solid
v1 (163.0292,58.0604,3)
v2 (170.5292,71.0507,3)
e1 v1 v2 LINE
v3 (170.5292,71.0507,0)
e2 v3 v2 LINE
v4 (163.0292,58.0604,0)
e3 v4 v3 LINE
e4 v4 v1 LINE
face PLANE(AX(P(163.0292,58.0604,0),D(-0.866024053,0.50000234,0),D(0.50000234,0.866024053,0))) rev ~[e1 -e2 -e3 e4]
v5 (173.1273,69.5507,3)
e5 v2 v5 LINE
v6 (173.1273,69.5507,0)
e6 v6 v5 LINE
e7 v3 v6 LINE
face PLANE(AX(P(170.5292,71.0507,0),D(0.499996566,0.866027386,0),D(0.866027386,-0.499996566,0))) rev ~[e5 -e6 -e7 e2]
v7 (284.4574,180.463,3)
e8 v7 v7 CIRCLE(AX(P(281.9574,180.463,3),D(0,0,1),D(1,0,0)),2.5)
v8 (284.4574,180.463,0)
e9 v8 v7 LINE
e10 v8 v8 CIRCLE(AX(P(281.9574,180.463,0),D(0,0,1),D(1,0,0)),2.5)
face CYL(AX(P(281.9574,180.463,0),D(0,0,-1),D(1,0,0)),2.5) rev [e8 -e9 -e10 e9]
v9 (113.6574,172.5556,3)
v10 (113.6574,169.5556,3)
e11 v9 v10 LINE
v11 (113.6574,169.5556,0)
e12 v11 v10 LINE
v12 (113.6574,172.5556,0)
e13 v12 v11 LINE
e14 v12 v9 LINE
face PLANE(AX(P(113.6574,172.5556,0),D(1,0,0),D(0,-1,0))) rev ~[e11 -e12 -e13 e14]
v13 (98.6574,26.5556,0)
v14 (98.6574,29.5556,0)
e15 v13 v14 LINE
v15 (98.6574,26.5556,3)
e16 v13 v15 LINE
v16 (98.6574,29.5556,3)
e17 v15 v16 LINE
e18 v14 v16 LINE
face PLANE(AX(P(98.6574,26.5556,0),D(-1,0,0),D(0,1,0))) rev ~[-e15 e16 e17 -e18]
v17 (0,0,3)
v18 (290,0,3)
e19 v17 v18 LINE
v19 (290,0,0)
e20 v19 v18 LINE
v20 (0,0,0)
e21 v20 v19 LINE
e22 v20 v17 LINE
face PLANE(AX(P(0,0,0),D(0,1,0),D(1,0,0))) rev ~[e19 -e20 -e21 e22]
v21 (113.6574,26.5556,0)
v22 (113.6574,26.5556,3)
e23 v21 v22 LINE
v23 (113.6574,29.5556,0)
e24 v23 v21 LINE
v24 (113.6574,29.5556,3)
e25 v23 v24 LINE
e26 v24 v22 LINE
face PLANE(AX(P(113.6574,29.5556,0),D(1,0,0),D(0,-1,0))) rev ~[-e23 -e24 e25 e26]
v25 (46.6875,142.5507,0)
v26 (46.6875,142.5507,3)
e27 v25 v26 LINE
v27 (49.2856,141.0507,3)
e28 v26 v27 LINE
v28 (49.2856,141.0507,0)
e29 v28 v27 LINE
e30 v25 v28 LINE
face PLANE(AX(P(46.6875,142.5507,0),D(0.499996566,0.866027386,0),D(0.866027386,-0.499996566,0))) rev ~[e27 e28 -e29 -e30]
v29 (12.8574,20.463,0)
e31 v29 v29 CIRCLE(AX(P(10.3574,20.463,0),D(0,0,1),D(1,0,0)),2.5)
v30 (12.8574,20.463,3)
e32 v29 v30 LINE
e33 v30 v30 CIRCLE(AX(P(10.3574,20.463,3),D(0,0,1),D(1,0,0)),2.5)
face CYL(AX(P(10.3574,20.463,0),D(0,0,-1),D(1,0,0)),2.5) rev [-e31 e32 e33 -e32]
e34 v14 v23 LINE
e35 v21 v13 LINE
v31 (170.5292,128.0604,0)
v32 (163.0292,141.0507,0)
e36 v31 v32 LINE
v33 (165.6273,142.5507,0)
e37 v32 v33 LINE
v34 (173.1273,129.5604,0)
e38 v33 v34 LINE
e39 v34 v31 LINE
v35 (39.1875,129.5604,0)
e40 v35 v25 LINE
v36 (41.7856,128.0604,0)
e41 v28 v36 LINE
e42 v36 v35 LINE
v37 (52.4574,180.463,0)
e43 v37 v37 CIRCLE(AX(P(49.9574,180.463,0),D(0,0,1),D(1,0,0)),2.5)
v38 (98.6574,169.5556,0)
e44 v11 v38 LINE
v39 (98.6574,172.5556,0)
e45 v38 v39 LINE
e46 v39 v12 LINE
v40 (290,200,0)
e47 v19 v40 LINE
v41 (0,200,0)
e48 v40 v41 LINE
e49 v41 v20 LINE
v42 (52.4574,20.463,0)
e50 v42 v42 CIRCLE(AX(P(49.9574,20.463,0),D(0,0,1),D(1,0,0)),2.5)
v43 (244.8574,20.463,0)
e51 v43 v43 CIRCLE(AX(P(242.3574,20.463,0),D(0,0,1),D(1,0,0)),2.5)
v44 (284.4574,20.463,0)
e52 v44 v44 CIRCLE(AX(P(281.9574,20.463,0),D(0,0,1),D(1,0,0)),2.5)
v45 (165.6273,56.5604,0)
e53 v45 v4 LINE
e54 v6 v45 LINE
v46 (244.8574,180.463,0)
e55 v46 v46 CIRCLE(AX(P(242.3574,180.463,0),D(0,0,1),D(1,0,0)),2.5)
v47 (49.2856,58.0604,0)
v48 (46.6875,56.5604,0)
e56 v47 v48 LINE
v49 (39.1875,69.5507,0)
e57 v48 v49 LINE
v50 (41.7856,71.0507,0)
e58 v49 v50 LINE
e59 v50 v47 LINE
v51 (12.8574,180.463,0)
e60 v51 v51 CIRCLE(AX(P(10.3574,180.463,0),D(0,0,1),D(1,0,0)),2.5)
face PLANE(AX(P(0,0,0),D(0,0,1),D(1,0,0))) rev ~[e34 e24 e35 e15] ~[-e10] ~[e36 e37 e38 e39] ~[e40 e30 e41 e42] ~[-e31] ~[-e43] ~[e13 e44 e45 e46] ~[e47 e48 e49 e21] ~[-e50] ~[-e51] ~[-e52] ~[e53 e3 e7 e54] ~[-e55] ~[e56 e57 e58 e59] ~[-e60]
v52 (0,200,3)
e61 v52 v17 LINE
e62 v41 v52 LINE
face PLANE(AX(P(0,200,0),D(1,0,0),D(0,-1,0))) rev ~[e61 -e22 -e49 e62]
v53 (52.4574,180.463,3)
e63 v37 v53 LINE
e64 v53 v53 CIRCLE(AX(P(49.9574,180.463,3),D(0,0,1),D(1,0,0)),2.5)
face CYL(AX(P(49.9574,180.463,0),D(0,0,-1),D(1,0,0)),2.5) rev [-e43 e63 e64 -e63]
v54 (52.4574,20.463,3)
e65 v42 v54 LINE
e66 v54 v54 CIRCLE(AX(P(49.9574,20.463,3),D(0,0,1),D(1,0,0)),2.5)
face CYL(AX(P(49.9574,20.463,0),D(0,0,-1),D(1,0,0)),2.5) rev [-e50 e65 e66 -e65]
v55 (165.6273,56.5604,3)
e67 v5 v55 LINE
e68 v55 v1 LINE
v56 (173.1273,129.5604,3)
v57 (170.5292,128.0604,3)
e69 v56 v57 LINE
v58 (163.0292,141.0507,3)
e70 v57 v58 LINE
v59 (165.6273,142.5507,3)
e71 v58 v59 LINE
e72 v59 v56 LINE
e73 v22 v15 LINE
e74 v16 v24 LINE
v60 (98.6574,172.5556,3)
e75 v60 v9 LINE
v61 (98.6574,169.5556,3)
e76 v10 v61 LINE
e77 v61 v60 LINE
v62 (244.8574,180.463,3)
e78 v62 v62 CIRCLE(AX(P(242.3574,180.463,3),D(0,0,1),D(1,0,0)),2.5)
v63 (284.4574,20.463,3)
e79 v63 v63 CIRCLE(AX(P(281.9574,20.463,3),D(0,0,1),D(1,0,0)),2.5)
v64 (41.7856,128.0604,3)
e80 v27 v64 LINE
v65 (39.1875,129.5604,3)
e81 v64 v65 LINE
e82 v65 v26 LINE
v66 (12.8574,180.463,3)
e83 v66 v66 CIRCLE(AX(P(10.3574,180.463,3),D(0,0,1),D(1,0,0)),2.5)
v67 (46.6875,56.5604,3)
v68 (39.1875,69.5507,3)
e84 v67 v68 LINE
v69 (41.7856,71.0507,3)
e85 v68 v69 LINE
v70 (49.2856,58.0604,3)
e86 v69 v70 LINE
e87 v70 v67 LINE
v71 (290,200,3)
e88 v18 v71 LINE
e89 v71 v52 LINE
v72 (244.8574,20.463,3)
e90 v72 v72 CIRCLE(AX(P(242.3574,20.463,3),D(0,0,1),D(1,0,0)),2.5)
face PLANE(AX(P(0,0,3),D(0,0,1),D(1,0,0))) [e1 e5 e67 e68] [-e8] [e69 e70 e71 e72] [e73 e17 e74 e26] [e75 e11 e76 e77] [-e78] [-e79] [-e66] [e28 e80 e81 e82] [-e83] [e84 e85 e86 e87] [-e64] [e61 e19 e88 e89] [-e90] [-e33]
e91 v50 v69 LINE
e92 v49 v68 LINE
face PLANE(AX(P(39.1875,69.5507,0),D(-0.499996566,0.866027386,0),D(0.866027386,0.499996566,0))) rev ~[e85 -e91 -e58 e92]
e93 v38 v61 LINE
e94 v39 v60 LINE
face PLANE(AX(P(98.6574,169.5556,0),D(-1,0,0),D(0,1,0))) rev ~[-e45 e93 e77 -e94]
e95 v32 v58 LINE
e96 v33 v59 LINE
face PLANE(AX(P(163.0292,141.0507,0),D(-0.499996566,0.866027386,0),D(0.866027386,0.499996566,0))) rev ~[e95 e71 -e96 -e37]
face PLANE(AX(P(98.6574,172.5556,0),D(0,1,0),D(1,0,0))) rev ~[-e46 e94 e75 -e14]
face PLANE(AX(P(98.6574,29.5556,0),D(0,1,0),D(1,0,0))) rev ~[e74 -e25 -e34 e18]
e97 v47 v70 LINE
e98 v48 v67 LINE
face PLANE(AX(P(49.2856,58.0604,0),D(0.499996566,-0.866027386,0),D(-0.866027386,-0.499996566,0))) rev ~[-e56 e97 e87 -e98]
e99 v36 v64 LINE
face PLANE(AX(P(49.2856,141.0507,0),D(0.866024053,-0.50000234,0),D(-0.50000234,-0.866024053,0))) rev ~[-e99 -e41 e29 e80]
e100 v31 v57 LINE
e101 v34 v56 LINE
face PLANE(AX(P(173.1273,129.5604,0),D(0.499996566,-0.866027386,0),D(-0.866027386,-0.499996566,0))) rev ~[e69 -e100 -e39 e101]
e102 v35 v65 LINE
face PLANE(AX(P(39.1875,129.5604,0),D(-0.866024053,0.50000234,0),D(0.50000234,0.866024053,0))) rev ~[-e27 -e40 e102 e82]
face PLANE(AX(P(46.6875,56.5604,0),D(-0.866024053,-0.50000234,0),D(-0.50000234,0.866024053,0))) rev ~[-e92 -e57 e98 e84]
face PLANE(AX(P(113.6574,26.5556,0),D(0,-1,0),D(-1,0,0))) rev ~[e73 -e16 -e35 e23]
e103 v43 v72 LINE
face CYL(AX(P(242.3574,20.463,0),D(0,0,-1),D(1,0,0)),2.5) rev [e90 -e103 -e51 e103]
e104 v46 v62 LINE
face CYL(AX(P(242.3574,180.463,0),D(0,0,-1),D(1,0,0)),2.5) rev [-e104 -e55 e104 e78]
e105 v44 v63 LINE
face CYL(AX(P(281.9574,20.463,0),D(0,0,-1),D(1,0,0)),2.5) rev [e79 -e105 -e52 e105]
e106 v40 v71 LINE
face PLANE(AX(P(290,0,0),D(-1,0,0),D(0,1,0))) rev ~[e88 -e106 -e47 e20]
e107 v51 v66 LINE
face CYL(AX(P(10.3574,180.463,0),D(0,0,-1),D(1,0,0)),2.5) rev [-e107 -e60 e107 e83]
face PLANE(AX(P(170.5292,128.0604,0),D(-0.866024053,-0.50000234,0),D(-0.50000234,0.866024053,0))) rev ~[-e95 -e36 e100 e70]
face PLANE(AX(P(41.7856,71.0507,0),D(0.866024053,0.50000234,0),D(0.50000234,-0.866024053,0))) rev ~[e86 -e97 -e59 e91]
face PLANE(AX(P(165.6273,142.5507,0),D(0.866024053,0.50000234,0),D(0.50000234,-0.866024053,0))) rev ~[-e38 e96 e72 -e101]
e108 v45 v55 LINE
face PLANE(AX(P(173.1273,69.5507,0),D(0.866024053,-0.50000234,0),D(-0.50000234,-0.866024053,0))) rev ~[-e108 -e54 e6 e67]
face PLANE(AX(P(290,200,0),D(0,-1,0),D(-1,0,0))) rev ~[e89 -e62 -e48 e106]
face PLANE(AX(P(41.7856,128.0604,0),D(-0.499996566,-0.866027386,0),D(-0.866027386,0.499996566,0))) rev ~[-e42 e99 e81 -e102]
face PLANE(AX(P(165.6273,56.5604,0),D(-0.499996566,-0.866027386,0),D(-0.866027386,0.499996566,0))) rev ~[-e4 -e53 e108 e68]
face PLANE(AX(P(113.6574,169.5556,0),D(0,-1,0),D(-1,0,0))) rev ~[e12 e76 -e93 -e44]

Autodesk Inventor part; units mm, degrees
ref_plane "YZ Plane" through (0, 0, 0) normal (1, 0, 0) x (0, 1, 0)
ref_plane "XZ Plane" through (0, 0, 0) normal (0, 1, 0) x (-1, 0, 0)
ref_plane "XY Plane" through (0, 0, 0) normal (0, 0, 1) x (1, 0, 0)
sketch "Sketch1" plane through (0, 0, 0) normal (0, 0, 1) x (1, 0, 0)
  line L0 (173.1273, 69.5507) -> (165.6273, 56.5604)
  line L1 (165.6273, 56.5604) -> (163.0292, 58.0604)
  line L2 (163.0292, 58.0604) -> (170.5292, 71.0507)
  line L3 (170.5292, 71.0507) -> (173.1273, 69.5507)
  line L4 (113.6574, 26.5556) -> (98.6574, 26.5556)
  line L5 (98.6574, 26.5556) -> (98.6574, 29.5556)
  line L6 (98.6574, 29.5556) -> (113.6574, 29.5556)
  line L7 (113.6574, 29.5556) -> (113.6574, 26.5556)
  line L8 (46.6875, 142.5507) -> (49.2856, 141.0507)
  line L9 (49.2856, 141.0507) -> (41.7856, 128.0604)
  line L10 (41.7856, 128.0604) -> (39.1875, 129.5604)
  line L11 (39.1875, 129.5604) -> (46.6875, 142.5507)
  line L12 (46.6875, 56.5604) -> (39.1875, 69.5507)
  line L13 (39.1875, 69.5507) -> (41.7856, 71.0507)
  line L14 (41.7856, 71.0507) -> (49.2856, 58.0604)
  line L15 (49.2856, 58.0604) -> (46.6875, 56.5604)
  line L16 (98.6574, 172.5556) -> (113.6574, 172.5556)
  line L17 (113.6574, 172.5556) -> (113.6574, 169.5556)
  line L18 (113.6574, 169.5556) -> (98.6574, 169.5556)
  line L19 (98.6574, 169.5556) -> (98.6574, 172.5556)
  line L20 (165.6273, 142.5507) -> (173.1273, 129.5604)
  line L21 (173.1273, 129.5604) -> (170.5292, 128.0604)
  line L22 (170.5292, 128.0604) -> (163.0292, 141.0507)
  line L23 (163.0292, 141.0507) -> (165.6273, 142.5507)
  line L24 (290, 0) -> (290, 200)
  line L25 (290, 200) -> (0, 200)
  line L26 (0, 200) -> (0, 0)
  line L27 (0, 0) -> (290, 0)
  circle A0 centre (281.9574, 20.463) radius 2.5
  circle A1 centre (49.9574, 20.463) radius 2.5
  circle A2 centre (281.9574, 180.463) radius 2.5
  circle A3 centre (49.9574, 180.463) radius 2.5
  circle A4 centre (242.3574, 20.463) radius 2.5
  circle A5 centre (10.3574, 20.463) radius 2.5
  circle A6 centre (10.3574, 180.463) radius 2.5
  circle A7 centre (242.3574, 180.463) radius 2.5
extrude "Extrusion1" add sketch "Sketch1" along normal blind 3
properties part number "Base_final"
